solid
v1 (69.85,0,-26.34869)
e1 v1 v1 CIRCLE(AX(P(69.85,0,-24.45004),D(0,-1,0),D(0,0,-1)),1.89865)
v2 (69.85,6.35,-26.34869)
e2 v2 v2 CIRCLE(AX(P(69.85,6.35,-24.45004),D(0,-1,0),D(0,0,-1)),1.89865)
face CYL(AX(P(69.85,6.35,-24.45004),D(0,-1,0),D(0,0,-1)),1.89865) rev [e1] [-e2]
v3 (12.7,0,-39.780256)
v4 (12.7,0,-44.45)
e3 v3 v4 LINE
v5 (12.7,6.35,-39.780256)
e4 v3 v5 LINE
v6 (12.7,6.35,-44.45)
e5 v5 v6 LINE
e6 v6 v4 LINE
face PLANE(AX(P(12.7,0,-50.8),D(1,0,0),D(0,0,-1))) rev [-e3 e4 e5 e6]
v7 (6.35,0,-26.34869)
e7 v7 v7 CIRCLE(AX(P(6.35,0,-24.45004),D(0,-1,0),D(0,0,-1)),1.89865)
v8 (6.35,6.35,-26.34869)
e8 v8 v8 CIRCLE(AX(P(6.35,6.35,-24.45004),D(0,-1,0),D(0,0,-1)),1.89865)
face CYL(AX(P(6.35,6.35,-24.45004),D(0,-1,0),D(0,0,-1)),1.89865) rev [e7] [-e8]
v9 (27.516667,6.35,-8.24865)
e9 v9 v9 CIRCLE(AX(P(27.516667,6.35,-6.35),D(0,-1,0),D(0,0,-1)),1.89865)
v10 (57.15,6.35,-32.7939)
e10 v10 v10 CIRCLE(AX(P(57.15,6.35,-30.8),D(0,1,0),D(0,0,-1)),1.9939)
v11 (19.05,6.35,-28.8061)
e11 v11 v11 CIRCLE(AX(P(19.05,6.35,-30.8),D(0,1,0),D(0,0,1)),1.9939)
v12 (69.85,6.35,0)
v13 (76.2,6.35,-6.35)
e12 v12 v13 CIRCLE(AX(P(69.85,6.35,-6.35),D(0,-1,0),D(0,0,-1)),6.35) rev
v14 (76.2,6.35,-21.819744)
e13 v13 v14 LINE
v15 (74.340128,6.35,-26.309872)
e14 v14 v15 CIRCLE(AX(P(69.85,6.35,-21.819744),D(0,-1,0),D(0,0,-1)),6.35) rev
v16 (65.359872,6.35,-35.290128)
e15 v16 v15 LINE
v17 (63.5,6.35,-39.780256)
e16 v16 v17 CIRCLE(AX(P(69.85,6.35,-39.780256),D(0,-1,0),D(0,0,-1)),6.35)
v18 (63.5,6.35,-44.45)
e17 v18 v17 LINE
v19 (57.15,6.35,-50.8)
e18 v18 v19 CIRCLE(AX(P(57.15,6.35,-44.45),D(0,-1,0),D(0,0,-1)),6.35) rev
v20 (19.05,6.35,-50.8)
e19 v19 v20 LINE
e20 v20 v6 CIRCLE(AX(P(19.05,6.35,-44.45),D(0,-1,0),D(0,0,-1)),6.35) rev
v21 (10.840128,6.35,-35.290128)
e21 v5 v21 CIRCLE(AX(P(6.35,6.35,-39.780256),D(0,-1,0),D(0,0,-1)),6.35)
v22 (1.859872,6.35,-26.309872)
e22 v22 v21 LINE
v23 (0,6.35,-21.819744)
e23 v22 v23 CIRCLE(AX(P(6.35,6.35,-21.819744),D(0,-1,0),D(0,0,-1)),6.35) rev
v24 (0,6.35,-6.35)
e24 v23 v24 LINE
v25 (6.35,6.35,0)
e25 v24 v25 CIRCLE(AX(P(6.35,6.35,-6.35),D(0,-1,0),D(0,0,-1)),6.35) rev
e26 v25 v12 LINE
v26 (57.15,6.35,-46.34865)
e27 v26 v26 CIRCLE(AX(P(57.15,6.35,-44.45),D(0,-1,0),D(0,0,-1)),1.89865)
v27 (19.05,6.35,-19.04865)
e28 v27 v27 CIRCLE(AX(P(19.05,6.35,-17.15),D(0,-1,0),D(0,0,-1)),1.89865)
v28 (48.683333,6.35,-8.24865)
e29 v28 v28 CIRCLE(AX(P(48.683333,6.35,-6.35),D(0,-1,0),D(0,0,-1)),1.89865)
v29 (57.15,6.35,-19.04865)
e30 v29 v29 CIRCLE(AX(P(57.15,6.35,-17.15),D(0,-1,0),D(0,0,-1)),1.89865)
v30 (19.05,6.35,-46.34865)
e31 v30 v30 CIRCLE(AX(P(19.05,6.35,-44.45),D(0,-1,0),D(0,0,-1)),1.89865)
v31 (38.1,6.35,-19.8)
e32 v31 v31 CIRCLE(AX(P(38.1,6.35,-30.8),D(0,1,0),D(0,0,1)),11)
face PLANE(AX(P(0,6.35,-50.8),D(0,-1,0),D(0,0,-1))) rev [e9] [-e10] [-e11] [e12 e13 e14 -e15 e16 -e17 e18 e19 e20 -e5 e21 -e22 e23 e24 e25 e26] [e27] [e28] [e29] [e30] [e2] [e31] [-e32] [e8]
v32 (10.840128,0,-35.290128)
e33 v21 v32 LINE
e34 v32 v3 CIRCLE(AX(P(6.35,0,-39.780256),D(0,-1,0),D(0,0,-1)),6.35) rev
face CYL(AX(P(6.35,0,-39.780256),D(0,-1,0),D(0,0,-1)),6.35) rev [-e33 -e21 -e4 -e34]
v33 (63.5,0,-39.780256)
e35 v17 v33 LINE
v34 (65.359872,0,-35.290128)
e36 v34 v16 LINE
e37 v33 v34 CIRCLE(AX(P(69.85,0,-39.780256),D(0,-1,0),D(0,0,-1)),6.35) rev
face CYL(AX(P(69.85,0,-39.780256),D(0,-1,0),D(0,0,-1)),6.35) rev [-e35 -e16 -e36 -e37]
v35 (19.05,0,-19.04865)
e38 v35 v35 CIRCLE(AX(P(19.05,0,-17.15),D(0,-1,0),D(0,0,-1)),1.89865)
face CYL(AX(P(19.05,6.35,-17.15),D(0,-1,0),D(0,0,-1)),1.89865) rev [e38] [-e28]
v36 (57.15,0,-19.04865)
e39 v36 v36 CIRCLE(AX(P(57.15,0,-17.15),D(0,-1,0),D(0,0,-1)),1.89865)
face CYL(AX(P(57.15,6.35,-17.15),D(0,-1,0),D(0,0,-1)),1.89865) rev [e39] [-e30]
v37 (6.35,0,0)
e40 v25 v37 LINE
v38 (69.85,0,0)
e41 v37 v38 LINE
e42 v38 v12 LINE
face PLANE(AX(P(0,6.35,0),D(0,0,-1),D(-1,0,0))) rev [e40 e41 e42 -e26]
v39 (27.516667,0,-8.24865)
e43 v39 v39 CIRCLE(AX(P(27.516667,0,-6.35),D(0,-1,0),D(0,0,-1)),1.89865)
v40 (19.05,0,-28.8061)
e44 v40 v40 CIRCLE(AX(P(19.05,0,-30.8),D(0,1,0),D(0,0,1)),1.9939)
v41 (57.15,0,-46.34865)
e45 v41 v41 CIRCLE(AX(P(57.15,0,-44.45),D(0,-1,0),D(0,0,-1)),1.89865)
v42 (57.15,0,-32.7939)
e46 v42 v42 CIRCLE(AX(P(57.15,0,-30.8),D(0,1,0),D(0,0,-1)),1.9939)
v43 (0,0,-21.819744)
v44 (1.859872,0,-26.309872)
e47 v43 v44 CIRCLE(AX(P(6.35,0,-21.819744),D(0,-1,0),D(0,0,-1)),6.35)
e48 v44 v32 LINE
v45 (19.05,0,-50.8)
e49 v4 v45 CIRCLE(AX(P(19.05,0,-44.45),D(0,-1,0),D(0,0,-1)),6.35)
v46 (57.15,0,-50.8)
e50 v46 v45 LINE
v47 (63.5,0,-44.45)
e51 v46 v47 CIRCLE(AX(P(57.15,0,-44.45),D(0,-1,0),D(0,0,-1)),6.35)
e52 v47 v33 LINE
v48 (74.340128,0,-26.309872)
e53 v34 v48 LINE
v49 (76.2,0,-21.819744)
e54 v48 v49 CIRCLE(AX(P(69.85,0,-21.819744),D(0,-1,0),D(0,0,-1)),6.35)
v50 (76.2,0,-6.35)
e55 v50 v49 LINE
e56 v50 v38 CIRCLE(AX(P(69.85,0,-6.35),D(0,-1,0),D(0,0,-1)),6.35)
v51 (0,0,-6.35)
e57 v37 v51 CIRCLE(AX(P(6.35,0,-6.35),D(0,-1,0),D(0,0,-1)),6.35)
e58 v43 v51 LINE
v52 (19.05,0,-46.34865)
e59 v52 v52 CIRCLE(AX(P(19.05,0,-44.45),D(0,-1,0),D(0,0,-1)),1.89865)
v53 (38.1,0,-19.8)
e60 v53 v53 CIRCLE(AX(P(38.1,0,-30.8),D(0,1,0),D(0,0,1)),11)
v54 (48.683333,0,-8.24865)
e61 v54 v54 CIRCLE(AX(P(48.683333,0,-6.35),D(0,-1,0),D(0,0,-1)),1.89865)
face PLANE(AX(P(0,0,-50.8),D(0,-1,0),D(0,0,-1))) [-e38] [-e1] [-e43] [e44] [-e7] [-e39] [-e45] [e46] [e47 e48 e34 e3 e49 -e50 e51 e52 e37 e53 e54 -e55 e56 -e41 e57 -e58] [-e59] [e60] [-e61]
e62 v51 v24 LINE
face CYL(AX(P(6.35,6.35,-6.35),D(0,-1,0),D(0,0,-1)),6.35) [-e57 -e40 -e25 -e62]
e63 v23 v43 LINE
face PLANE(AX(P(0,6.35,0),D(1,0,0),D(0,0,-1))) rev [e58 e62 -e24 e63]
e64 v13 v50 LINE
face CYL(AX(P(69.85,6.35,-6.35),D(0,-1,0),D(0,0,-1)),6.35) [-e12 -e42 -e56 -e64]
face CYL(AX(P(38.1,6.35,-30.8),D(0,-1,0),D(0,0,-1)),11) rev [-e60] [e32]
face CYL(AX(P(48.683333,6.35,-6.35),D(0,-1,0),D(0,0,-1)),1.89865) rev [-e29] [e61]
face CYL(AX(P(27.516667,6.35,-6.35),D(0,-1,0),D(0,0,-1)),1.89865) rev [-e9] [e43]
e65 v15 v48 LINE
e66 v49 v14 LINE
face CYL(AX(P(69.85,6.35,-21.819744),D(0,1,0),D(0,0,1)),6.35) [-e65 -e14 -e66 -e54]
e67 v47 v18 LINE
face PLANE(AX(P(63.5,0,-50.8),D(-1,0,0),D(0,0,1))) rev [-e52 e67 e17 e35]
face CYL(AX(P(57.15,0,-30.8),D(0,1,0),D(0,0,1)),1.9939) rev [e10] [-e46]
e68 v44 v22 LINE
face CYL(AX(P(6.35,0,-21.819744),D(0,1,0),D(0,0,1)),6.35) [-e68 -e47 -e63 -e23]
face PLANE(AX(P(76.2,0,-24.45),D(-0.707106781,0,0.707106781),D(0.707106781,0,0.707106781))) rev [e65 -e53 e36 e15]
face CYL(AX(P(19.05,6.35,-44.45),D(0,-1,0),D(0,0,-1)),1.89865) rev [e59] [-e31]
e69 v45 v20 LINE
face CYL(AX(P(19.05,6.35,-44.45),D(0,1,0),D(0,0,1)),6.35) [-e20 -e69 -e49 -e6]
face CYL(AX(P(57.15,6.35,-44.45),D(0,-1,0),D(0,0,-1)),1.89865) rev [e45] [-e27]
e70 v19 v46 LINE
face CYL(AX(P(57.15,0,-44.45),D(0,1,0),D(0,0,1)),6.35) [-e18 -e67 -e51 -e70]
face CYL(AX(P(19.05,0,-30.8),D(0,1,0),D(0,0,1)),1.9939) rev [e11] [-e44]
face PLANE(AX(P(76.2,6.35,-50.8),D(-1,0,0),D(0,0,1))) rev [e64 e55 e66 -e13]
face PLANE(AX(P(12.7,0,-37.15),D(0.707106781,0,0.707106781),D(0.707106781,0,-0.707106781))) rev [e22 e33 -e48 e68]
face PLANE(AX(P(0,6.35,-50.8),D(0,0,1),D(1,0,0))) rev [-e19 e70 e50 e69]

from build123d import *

# Parameters (mm, degrees)
SKETCH1_R           = 11
BOSS_EXTRUDE1_DEPTH = 6.35
SKETCH2_R           = 1.9939
CUT_EXTRUDE1_DEPTH  = 7.35
SKETCH14_R          = 1.89865
M3_TAP_DEPTH        = 7.35
SKETCH15_R          = 1.89865
M5_THROUGH_DEPTH    = 7.35
CUT_EXTRUDE2_DEPTH  = 7.35
FILLET2_R           = 6.35


with BuildPart() as part:
    # Sketch1 → Boss-Extrude1 (new body)
    with BuildSketch(Plane(origin=(0, 0, 0), x_dir=(1, 0, 0), z_dir=(0, 1, 0))):
        Polygon((0, 0), (76.2, 0), (76.2, 50.8), (38.1, 50.8), (0, 50.8), align=None)
        with Locations((38.1, 30.8)):
            Circle(SKETCH1_R, mode=Mode.SUBTRACT)
    extrude(amount=BOSS_EXTRUDE1_DEPTH)

    # Sketch2 → Cut-Extrude1 (cut, through all)
    with BuildSketch(Plane(origin=(0, 6.35, 0), x_dir=(1, 0, 0), z_dir=(0, 1, 0))):
        with Locations((19.05, 30.8)):
            Circle(SKETCH2_R)
        with Locations((57.15, 30.8)):
            Circle(SKETCH2_R)
    extrude(amount=-CUT_EXTRUDE1_DEPTH, mode=Mode.SUBTRACT)

    # Sketch14 → M3-tap (cut, through all)
    with BuildSketch(Plane.XZ):
        with Locations((57.15, -44.45)):
            Circle(SKETCH14_R)
        with Locations((19.05, -44.45)):
            Circle(SKETCH14_R)
        with Locations((19.05, -17.15)):
            Circle(SKETCH14_R)
        with Locations((57.15, -17.15)):
            Circle(SKETCH14_R)
    extrude(amount=-M3_TAP_DEPTH, mode=Mode.SUBTRACT)

    # Sketch15 → M5-through (cut, through all)
    with BuildSketch(Plane.XZ):
        with Locations((69.85, -24.45004)):
            Circle(SKETCH15_R)
        with Locations((48.683333333, -6.35)):
            Circle(SKETCH15_R)
        with Locations((27.516666667, -6.35)):
            Circle(SKETCH15_R)
        with Locations((6.35, -24.45004)):
            Circle(SKETCH15_R)
    extrude(amount=-M5_THROUGH_DEPTH, mode=Mode.SUBTRACT)

    # Sketch12 → Cut-Extrude2 (cut, through all)
    with BuildSketch(Plane(origin=(0, 6.35, 0), x_dir=(1, 0, 0), z_dir=(0, 1, 0))):
        Polygon((0, 50.8), (12.7, 50.8), (12.7, 37.15), (0, 24.45), align=None)
        Polygon((63.5, 50.8), (63.5, 37.15), (76.2, 24.45), (76.2, 50.8), align=None)
    extrude(amount=-CUT_EXTRUDE2_DEPTH, mode=Mode.SUBTRACT)

    # Fillet2
    fillet2_edges = [part.edges().sort_by_distance(p)[0] for p in [
        (0, 3.175, -24.45),
        (12.7, 3.175, -50.8),
        (12.7, 3.175, -37.15),
        (63.5, 3.175, -50.8),
        (76.2, 3.175, -24.45),
        (63.5, 3.175, -37.15),
        (76.2, 3.175, 0),
        (0, 3.175, 0),
    ]]
    fillet(fillet2_edges, radius=FILLET2_R)


solid = part.part
